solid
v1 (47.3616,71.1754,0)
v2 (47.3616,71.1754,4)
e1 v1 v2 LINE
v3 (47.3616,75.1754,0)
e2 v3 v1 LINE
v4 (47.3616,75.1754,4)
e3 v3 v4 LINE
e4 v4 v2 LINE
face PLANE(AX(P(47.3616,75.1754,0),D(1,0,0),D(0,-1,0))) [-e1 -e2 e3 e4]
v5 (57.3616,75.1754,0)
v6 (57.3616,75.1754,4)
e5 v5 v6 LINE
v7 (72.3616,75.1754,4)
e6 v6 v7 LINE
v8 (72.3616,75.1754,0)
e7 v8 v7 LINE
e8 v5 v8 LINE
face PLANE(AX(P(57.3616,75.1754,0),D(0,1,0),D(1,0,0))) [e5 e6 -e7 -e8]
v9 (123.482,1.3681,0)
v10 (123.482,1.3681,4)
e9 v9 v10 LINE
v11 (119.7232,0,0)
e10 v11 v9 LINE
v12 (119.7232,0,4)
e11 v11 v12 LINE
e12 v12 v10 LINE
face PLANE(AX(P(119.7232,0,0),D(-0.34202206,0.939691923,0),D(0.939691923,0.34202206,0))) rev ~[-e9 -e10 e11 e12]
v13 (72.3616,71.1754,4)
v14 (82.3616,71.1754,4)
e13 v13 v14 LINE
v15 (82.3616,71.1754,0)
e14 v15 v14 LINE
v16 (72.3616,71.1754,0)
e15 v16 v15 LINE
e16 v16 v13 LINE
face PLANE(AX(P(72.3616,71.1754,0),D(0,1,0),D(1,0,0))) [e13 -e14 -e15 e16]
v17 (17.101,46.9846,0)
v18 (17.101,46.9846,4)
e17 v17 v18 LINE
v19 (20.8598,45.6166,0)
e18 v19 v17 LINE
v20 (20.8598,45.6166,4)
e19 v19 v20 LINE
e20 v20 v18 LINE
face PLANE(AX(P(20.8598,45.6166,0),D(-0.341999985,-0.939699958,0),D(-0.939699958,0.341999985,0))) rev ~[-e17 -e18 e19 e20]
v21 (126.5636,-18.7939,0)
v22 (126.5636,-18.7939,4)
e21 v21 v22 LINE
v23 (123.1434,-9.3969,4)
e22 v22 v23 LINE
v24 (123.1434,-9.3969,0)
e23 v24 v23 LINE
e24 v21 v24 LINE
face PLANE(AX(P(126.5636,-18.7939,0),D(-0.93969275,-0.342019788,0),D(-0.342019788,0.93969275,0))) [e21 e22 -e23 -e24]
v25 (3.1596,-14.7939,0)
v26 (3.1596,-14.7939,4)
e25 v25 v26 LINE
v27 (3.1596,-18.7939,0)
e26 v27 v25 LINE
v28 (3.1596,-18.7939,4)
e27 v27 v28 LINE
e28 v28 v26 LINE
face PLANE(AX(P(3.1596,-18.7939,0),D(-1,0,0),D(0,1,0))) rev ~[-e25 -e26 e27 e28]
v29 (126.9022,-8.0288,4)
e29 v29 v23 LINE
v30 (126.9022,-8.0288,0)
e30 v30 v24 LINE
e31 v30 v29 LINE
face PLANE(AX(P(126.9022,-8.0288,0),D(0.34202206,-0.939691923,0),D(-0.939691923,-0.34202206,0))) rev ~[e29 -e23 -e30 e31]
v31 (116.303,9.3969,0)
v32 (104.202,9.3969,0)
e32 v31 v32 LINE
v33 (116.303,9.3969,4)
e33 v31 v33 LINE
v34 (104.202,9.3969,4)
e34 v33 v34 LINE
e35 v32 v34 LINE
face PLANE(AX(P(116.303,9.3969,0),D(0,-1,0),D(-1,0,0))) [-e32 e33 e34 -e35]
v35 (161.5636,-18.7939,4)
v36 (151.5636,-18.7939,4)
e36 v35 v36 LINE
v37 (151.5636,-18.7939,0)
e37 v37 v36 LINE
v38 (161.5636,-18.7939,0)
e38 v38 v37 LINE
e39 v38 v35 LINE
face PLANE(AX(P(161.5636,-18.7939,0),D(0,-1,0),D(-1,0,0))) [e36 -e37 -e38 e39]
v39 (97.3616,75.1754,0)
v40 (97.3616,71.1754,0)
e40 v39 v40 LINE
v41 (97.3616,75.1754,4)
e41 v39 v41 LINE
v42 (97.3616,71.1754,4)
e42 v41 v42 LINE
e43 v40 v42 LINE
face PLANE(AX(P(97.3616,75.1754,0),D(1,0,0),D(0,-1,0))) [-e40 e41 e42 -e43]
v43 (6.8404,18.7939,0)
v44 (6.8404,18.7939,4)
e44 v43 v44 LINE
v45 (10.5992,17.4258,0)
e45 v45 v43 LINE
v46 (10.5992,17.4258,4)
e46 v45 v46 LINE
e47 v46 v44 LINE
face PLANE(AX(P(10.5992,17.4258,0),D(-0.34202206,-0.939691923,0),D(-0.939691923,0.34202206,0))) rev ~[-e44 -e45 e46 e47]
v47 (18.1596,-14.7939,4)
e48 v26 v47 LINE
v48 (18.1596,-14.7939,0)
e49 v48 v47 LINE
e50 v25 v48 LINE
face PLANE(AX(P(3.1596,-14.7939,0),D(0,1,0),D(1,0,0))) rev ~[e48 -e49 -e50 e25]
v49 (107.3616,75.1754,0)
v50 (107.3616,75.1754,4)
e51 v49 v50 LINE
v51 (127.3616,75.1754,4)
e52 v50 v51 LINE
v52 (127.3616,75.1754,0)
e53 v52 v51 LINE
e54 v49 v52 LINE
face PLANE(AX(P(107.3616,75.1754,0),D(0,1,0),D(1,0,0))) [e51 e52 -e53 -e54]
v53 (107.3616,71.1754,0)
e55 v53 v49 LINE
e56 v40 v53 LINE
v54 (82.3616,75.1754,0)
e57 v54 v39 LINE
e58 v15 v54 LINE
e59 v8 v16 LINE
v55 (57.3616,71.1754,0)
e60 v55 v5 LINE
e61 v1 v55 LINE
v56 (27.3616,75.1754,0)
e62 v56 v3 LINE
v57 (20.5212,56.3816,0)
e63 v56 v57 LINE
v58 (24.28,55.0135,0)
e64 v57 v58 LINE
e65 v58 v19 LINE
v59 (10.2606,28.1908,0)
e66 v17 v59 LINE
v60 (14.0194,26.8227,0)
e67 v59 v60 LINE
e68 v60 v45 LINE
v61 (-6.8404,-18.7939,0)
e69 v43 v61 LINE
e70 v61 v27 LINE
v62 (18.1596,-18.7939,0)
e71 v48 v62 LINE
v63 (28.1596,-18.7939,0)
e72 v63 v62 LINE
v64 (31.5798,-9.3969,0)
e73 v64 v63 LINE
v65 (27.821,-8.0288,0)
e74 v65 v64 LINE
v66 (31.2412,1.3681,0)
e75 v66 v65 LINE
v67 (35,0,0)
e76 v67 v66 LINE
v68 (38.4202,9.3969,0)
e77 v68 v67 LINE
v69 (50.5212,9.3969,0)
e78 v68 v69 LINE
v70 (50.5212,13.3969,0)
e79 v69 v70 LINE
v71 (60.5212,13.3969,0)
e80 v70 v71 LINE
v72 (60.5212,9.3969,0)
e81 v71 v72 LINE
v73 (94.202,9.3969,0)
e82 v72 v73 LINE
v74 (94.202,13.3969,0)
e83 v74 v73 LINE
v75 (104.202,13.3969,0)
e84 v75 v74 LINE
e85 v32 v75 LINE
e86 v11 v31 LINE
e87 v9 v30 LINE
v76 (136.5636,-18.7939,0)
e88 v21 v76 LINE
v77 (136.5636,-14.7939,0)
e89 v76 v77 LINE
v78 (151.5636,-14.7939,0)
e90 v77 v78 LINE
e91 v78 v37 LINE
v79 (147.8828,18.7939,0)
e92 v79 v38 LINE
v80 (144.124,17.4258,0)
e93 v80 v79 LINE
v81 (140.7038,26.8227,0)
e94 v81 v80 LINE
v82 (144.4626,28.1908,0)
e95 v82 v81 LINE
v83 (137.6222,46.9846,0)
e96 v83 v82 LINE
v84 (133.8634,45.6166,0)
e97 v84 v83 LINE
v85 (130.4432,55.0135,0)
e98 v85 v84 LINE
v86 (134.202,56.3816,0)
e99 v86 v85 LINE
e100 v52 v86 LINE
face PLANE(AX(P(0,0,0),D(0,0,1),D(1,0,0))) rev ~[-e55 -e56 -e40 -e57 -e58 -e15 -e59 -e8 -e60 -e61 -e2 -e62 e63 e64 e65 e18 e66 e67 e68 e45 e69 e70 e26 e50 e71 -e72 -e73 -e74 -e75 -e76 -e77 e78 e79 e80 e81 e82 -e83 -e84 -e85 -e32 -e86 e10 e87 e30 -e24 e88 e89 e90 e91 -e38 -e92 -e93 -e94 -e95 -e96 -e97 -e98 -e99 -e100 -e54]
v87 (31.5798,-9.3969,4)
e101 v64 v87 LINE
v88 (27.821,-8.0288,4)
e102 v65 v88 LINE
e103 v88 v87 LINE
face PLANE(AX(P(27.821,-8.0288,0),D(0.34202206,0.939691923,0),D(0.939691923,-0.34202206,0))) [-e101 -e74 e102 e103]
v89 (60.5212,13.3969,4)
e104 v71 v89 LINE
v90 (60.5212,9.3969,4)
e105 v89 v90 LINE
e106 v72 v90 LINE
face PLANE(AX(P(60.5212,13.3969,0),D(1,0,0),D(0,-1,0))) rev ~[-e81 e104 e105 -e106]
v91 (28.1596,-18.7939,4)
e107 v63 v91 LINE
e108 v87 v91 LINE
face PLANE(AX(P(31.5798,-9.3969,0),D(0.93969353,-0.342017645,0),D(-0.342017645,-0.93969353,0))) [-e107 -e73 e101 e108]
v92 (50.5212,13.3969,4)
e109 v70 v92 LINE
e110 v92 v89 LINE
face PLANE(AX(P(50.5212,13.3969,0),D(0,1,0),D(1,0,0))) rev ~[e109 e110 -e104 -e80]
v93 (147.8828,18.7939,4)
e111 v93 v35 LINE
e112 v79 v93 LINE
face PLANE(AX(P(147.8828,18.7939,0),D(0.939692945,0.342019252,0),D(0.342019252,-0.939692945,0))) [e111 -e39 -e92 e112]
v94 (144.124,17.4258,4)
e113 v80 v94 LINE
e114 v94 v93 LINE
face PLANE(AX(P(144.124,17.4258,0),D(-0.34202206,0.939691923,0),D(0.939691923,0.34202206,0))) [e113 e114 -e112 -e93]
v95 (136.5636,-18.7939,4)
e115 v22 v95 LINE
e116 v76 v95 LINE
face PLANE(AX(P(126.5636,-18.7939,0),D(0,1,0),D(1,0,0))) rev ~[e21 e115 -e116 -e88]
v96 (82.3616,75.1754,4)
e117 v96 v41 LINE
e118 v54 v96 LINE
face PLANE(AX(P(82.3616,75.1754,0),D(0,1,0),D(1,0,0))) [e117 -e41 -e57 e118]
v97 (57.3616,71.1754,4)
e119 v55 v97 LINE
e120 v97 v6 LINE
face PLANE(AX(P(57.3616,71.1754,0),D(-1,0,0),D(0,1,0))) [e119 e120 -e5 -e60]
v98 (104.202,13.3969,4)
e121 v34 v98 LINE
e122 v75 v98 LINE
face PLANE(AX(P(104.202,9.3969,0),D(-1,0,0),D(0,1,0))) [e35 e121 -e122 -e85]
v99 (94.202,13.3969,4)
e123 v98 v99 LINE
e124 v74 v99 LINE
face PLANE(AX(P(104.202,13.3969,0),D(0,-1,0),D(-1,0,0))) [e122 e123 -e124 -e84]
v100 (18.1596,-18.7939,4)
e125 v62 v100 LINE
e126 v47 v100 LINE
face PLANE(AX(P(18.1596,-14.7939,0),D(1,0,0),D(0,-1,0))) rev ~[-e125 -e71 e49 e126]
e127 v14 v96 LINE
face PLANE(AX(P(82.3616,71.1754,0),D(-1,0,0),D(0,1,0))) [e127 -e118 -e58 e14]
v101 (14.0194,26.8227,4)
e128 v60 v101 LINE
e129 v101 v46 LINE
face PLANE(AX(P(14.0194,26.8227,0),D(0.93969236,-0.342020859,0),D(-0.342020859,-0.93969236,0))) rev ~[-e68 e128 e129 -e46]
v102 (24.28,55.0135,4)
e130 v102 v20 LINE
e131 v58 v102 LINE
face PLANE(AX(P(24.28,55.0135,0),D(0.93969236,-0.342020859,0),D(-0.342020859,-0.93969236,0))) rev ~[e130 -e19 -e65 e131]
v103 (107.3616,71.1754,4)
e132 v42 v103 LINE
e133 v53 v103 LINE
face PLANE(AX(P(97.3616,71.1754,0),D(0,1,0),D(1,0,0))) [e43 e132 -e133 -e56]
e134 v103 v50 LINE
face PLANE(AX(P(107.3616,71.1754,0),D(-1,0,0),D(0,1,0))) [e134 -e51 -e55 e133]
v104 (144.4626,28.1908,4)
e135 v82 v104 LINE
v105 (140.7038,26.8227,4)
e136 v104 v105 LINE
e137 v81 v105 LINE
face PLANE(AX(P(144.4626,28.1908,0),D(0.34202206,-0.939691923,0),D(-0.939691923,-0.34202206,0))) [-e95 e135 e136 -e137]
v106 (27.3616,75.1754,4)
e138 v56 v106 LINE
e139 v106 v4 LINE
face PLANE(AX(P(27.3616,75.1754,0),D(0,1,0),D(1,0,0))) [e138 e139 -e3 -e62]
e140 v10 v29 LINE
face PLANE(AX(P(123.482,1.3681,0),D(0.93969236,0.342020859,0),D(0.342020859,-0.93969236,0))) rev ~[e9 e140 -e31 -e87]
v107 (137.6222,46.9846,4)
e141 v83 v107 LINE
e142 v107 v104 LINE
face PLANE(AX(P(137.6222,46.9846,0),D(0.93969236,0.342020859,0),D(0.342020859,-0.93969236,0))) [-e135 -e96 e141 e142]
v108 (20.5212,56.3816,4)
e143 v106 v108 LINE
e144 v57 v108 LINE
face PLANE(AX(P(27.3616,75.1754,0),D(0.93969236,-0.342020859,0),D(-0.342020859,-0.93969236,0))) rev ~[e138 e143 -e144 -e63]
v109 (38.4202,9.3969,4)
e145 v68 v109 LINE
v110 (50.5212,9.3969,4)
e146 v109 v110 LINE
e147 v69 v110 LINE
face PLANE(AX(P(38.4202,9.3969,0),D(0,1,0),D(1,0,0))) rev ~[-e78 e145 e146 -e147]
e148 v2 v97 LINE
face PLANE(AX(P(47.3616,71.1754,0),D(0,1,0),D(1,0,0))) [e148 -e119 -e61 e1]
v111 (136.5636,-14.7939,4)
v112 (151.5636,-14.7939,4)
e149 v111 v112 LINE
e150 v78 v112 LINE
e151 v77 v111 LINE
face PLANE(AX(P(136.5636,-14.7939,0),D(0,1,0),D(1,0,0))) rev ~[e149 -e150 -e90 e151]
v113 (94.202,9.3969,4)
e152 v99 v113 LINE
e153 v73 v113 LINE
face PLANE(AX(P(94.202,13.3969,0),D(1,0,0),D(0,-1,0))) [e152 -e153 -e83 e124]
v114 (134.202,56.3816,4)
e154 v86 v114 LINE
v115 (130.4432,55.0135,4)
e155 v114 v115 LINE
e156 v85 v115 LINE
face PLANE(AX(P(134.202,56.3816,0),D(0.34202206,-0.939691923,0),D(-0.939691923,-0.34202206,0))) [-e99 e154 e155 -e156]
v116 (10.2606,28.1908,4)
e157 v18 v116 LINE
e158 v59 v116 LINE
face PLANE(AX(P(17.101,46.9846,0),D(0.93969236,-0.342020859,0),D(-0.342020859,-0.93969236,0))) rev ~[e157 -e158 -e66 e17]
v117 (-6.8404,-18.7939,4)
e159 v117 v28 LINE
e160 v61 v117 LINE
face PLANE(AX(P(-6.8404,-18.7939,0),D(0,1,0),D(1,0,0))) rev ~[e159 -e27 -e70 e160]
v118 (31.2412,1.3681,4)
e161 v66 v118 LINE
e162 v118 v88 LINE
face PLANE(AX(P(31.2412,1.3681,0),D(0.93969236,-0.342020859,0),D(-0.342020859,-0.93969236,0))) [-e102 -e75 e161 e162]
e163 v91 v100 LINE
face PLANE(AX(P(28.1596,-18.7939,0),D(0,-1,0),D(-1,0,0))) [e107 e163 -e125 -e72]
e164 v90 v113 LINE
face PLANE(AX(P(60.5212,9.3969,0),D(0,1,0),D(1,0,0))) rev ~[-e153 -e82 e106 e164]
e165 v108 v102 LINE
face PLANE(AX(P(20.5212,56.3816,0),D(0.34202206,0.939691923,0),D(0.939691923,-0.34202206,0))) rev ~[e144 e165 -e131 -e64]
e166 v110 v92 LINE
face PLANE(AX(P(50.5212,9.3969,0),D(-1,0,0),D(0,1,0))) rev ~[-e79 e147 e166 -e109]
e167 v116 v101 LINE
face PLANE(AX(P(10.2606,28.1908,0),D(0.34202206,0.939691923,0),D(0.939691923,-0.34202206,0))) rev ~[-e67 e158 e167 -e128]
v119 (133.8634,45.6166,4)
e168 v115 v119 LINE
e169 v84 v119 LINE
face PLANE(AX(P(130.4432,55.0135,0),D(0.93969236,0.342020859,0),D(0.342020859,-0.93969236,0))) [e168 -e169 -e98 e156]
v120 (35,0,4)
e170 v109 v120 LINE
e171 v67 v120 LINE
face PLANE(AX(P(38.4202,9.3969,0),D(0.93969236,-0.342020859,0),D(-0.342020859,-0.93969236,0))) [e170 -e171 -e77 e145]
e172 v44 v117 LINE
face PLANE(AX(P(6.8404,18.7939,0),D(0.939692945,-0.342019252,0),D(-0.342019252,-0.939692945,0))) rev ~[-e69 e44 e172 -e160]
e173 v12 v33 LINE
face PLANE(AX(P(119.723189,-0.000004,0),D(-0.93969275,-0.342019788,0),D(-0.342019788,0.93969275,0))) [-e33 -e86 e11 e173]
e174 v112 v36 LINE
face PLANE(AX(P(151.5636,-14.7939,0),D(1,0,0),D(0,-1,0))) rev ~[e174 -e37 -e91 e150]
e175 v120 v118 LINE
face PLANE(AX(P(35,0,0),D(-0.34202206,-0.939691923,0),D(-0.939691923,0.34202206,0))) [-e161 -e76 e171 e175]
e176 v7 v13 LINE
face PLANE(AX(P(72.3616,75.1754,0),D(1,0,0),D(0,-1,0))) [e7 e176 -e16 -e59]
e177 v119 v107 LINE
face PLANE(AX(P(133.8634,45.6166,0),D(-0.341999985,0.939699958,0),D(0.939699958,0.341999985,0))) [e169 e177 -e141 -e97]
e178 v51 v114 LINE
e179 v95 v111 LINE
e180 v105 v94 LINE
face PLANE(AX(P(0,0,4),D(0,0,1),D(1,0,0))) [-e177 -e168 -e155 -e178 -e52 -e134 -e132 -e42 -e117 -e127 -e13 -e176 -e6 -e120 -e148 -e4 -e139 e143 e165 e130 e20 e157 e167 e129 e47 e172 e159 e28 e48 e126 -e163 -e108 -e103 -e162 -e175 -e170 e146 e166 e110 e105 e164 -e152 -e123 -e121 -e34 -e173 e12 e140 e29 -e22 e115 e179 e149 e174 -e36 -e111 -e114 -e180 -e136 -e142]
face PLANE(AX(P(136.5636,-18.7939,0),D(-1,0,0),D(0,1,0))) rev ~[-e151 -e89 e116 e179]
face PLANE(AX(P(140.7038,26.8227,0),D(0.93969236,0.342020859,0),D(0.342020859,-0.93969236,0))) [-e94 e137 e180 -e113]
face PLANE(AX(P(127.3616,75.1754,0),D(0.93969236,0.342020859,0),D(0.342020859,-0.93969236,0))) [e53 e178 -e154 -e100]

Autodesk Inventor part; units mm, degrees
ref_plane "YZ Plane" through (0, 0, 0) normal (1, 0, 0) x (0, 1, 0)
ref_plane "XZ Plane" through (0, 0, 0) normal (0, 1, 0) x (-1, 0, 0)
ref_plane "XY Plane" through (0, 0, 0) normal (0, 0, 1) x (1, 0, 0)
sketch "Sketch1" plane through (0, 0, 0) normal (0, 0, 1) x (1, 0, 0)
  line L0 (-6.8404, -18.7939) -> (73.1596, -18.7939) construction
  line L1 (126.5636, -18.7939) -> (116.303, 9.3969)
  line L2 (27.3616, 75.1754) -> (20.5212, 56.3816)
  line L3 (20.5212, 56.3816) -> (24.28, 55.0135)
  line L4 (24.28, 55.0135) -> (20.8598, 45.6166)
  line L5 (20.8598, 45.6166) -> (17.101, 46.9846)
  line L6 (17.101, 46.9846) -> (10.2606, 28.1908)
  line L7 (10.2606, 28.1908) -> (14.0194, 26.8227)
  line L8 (14.0194, 26.8227) -> (10.5992, 17.4258)
  line L9 (10.5992, 17.4258) -> (6.8404, 18.7939)
  line L10 (6.8404, 18.7939) -> (-6.8404, -18.7939)
  line L11 (27.3616, 75.1754) -> (47.3616, 75.1754)
  line L12 (47.3616, 75.1754) -> (47.3616, 71.1754)
  line L13 (47.3616, 71.1754) -> (57.3616, 71.1754)
  line L14 (57.3616, 71.1754) -> (57.3616, 75.1754)
  line L15 (57.3616, 75.1754) -> (72.3616, 75.1754)
  line L16 (72.3616, 75.1754) -> (72.3616, 71.1754)
  line L17 (72.3616, 71.1754) -> (82.3616, 71.1754)
  line L18 (82.3616, 71.1754) -> (82.3616, 75.1754)
  line L19 (82.3616, 75.1754) -> (97.3616, 75.1754)
  line L20 (97.3616, 75.1754) -> (97.3616, 71.1754)
  line L21 (97.3616, 71.1754) -> (107.3616, 71.1754)
  line L22 (107.3616, 71.1754) -> (107.3616, 75.1754)
  line L23 (107.3616, 75.1754) -> (127.3616, 75.1754)
  line L24 (-6.8404, -18.7939) -> (3.1596, -18.7939)
  line L25 (3.1596, -18.7939) -> (3.1596, -14.7939)
  line L26 (3.1596, -14.7939) -> (18.1596, -14.7939)
  line L27 (18.1596, -14.7939) -> (18.1596, -18.7939)
  line L28 (28.1596, -18.7939) -> (18.1596, -18.7939)
  line L29 (38.4202, 9.3969) -> (35, 0)
  line L30 (35, 0) -> (31.2412, 1.3681)
  line L31 (31.2412, 1.3681) -> (27.821, -8.0288)
  line L32 (27.821, -8.0288) -> (31.5798, -9.3969)
  line L33 (31.5798, -9.3969) -> (28.1596, -18.7939)
  line L34 (38.4202, 9.3969) -> (50.5212, 9.3969)
  line L35 (50.5212, 9.3969) -> (50.5212, 13.3969)
  line L36 (50.5212, 13.3969) -> (60.5212, 13.3969)
  line L37 (60.5212, 13.3969) -> (60.5212, 9.3969)
  line L38 (116.303, 9.3969) -> (104.202, 9.3969)
  line L39 (104.202, 9.3969) -> (104.202, 13.3969)
  line L40 (104.202, 13.3969) -> (94.202, 13.3969)
  line L41 (94.202, 13.3969) -> (94.202, 9.3969)
  line L42 (60.5212, 9.3969) -> (94.202, 9.3969)
  line L43 (116.303, 9.3969) -> (119.7232, 0)
  line L44 (119.7232, 0) -> (123.482, 1.3681)
  line L45 (123.482, 1.3681) -> (126.9022, -8.0288)
  line L46 (126.9022, -8.0288) -> (123.1434, -9.3969)
  line L47 (123.1434, -9.3969) -> (126.5636, -18.7939)
  line L48 (126.5636, -18.7939) -> (136.5636, -18.7939)
  line L49 (136.5636, -18.7939) -> (136.5636, -14.7939)
  line L50 (136.5636, -14.7939) -> (151.5636, -14.7939)
  line L51 (151.5636, -14.7939) -> (151.5636, -18.7939)
  line L52 (161.5636, -18.7939) -> (151.5636, -18.7939)
  line L53 (127.3616, 75.1754) -> (134.202, 56.3816)
  line L54 (134.202, 56.3816) -> (130.4432, 55.0135)
  line L55 (130.4432, 55.0135) -> (133.8634, 45.6166)
  line L56 (133.8634, 45.6166) -> (137.6222, 46.9846)
  line L57 (137.6222, 46.9846) -> (144.4626, 28.1908)
  line L58 (144.4626, 28.1908) -> (140.7038, 26.8227)
  line L59 (140.7038, 26.8227) -> (144.124, 17.4258)
  line L60 (144.124, 17.4258) -> (147.8828, 18.7939)
  line L61 (147.8828, 18.7939) -> (161.5636, -18.7939)
  dimension "d22" = 100
  dimension "d24" = 100
  dimension "d27" = 35
  dimension "d28" = 30
  dimension "d29" = 35
  dimension "d30" = 30
  dimension "d32" = 20
  dimension "d33" = 4
  dimension "d34" = 10
  dimension "d35" = 20
  dimension "d36" = 10
  dimension "d37" = 20
  dimension "d38" = 4
  dimension "d39" = 10
  dimension "d40" = 15
  dimension "d41" = 10
  dimension "d42" = 15
  dimension "d43" = 10
  dimension "d49" = 10
  dimension "d50" = 4
  dimension "d51" = 15
  dimension "d52" = 10
  dimension "d53" = 4
  dimension "d54" = 10
  dimension "d55" = 12.101
  dimension "d56" = 4
  dimension "d57" = 10
  dimension "d58" = 12.101
  dimension "d59" = 10
  dimension "d60" = 10
  dimension "d62" = 10
  dimension "d63" = 10
  dimension "d64" = 4
  dimension "d65" = 15
  dimension "d68" = 20
  dimension "d69" = 4
  dimension "d70" = 10
  dimension "d71" = 20
  dimension "d72" = 4
  dimension "d73" = 10
extrude "Extrusion1" add sketch "Sketch1" along normal blind 4 contours L1 L46 L45 L44 L38 L39 L40 L41 L42 L37 L36 L35 L34 L29 L30 L31 L32 L33 L28 L27 L26 L25 L24 L10 L9 L8 L7 L6 L5 L4 L3 L2 L11 L12 L13 L14 L15 L16 L17 L18 L19 L20 L21 L22 L23 L53 L54 L55 L56 L57 L58 L59 L60 L61 L52 L51 L50 L49 L48
properties part number "back"
